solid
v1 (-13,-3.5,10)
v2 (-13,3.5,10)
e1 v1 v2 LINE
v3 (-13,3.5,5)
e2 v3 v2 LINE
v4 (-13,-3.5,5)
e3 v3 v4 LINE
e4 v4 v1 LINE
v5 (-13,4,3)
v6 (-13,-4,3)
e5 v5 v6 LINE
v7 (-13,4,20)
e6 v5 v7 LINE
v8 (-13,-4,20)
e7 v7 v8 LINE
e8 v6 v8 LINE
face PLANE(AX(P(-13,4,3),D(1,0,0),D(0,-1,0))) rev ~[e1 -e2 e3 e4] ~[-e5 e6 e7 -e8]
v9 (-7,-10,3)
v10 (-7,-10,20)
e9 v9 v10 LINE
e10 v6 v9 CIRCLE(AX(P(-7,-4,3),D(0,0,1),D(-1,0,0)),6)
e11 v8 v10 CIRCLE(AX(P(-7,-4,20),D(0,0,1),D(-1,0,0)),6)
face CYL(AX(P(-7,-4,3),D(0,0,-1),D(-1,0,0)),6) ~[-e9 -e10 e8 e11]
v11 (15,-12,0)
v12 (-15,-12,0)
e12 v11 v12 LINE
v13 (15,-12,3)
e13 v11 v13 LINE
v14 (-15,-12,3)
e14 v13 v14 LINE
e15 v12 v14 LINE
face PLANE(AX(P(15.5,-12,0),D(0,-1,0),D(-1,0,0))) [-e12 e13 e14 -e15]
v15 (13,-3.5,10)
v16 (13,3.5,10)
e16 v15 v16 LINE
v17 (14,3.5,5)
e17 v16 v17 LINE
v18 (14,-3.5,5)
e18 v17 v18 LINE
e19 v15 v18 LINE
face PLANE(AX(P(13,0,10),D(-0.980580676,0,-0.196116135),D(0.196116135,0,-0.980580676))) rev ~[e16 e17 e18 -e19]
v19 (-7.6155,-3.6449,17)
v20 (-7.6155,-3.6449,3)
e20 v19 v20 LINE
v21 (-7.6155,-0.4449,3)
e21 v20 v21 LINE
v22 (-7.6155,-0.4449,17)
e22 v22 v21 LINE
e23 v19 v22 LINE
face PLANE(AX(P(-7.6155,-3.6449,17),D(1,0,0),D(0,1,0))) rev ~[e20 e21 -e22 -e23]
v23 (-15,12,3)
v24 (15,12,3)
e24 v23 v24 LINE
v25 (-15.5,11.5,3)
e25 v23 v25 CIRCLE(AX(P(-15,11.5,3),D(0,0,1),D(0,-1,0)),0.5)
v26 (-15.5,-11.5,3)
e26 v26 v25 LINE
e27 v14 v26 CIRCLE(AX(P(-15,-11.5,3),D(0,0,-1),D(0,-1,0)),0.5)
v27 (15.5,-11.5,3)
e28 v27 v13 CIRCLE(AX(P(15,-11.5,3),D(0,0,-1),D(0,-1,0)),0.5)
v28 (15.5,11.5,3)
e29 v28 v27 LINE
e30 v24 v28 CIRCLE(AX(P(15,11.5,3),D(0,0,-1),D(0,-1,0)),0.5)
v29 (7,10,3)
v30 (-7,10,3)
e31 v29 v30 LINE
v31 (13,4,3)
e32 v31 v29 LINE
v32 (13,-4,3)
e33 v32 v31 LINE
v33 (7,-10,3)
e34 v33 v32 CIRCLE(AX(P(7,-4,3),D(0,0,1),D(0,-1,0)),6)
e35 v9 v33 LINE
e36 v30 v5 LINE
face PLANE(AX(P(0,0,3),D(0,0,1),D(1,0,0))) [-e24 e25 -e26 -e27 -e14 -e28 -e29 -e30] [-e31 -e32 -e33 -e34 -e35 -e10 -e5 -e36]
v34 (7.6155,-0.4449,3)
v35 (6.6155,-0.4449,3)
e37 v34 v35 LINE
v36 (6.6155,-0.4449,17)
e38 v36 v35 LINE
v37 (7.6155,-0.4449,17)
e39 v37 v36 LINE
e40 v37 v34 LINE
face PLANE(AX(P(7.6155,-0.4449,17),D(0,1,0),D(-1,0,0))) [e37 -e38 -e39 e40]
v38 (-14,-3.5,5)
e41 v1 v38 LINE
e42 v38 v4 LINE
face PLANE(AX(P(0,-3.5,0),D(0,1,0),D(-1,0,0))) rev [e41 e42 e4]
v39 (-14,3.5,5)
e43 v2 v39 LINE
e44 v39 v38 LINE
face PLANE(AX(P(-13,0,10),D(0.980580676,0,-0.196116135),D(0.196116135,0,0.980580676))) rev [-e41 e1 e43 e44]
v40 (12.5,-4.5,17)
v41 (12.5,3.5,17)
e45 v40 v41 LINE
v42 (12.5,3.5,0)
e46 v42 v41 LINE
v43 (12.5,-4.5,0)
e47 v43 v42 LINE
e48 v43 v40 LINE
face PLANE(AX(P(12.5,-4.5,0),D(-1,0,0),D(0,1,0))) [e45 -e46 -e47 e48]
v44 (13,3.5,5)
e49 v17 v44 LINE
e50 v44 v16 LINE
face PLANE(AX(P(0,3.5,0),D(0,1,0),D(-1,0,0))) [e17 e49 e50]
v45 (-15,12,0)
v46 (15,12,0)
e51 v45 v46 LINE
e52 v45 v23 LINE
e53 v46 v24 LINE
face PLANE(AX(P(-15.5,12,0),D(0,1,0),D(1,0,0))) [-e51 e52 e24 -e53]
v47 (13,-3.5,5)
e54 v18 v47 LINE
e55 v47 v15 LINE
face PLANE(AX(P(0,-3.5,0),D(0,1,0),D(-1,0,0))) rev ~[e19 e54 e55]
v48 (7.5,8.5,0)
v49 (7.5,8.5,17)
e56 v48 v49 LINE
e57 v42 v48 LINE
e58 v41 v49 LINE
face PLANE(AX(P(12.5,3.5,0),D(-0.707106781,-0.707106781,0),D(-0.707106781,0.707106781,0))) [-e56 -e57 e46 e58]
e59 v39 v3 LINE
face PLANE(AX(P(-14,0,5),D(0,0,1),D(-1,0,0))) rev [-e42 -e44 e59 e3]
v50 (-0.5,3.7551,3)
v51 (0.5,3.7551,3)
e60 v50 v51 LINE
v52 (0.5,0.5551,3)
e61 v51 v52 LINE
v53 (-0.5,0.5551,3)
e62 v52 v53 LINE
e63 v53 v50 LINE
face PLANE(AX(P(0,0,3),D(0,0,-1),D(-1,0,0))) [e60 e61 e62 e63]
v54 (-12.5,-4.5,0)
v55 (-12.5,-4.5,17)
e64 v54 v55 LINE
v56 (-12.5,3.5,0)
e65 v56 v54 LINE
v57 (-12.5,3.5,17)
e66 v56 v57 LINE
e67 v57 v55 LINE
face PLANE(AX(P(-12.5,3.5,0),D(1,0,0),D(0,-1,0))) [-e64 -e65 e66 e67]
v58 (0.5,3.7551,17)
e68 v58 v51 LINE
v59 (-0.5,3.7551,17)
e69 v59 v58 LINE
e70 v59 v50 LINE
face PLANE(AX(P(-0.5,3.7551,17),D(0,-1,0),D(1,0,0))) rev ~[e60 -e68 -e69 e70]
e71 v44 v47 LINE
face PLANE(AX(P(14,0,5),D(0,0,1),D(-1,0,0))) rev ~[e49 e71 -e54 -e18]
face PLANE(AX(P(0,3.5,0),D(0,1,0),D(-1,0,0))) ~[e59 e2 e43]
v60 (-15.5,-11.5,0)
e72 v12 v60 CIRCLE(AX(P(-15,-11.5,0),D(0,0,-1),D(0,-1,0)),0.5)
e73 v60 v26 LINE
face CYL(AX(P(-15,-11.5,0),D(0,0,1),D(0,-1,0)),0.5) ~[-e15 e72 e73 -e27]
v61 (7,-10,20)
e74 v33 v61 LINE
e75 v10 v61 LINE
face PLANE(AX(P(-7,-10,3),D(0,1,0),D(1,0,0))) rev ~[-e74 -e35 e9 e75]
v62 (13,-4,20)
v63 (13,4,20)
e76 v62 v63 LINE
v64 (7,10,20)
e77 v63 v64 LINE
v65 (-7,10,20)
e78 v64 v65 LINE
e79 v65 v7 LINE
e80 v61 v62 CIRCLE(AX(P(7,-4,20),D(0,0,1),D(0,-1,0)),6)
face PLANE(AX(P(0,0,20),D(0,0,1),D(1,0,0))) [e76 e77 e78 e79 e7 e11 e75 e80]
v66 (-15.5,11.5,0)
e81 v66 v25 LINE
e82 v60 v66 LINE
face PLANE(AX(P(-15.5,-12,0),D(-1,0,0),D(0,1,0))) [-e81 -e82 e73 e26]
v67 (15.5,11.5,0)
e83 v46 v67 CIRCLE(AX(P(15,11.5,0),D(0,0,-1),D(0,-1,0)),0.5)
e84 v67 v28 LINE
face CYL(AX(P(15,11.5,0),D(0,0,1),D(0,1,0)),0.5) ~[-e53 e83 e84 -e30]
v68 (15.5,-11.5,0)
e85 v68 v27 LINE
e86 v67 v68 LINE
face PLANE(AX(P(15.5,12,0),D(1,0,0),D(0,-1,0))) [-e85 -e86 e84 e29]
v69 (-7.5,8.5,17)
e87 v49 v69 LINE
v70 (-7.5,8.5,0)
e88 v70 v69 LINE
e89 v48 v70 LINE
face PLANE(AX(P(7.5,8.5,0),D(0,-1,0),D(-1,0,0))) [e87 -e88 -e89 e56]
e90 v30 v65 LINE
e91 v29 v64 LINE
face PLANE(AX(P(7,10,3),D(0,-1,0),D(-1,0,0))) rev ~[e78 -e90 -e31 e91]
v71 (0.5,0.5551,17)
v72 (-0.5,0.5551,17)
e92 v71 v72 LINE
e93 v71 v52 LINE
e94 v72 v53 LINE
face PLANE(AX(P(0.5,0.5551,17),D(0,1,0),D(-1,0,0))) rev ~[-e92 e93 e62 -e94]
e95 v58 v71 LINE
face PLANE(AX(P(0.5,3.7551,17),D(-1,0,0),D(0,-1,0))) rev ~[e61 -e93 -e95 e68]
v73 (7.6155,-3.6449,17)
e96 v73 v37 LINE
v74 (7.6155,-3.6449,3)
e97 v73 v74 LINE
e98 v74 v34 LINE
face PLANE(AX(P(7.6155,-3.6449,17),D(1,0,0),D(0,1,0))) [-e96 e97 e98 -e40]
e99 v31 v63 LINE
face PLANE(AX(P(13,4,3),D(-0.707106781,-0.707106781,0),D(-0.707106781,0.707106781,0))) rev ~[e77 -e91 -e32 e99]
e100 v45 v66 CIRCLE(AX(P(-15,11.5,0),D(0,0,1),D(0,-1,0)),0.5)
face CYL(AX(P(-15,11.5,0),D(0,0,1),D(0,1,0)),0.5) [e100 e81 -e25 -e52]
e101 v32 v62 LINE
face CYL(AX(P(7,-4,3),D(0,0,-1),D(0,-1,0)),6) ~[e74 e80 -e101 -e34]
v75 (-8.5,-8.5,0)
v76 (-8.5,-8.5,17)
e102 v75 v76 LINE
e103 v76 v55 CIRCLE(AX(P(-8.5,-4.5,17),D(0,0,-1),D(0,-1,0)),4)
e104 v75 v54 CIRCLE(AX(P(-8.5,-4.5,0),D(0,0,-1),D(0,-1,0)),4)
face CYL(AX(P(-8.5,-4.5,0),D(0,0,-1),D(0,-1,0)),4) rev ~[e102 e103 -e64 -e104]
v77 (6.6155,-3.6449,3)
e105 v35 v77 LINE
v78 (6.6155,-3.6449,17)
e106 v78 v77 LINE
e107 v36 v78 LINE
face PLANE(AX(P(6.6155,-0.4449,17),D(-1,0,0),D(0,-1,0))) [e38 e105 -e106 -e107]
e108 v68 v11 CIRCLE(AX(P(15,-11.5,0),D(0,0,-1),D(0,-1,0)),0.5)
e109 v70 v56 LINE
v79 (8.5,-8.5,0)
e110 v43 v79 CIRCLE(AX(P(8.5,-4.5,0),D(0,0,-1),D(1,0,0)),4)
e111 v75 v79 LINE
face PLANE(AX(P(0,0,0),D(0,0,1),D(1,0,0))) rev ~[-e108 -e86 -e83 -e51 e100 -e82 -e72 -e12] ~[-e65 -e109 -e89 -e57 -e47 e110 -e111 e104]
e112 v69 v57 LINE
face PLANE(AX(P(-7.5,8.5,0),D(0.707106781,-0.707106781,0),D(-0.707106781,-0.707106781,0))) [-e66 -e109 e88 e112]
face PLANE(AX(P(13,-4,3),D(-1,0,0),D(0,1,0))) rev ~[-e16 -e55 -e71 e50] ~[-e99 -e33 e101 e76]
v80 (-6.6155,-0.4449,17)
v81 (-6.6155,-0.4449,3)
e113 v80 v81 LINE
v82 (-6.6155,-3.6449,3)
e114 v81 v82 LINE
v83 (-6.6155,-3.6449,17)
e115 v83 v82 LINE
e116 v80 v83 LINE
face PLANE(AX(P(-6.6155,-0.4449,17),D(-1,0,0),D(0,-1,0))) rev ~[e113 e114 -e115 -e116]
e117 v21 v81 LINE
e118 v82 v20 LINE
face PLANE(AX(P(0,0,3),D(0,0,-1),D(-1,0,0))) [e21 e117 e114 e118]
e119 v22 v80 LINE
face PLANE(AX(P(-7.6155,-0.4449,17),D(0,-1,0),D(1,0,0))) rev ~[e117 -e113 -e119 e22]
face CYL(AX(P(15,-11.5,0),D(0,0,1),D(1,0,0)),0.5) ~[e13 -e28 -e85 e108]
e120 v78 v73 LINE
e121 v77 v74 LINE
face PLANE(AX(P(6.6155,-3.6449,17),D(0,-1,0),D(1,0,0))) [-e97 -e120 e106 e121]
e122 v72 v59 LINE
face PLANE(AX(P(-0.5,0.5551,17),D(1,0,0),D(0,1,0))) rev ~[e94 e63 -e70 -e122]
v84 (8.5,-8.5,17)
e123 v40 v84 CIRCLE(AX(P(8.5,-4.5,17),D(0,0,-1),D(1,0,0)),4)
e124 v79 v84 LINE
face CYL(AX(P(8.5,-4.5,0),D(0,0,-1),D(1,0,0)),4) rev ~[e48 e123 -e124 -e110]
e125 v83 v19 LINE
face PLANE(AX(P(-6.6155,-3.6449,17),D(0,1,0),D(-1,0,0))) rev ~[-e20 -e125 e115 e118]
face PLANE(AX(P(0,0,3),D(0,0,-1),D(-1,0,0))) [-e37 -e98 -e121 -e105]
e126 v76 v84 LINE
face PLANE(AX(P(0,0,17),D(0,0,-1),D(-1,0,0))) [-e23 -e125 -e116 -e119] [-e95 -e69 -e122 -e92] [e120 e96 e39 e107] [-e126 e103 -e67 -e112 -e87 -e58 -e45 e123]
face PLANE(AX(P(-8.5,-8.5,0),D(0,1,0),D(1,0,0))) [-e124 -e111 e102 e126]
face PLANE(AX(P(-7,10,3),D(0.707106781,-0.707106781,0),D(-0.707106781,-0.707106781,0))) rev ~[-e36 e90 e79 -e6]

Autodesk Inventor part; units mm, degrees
ref_plane "YZ Plane" through (0, 0, 0) normal (1, 0, 0) x (0, 1, 0)
ref_plane "XZ Plane" through (0, 0, 0) normal (0, 1, 0) x (-1, 0, 0)
ref_plane "XY Plane" through (0, 0, 0) normal (0, 0, 1) x (1, 0, 0)
sketch "Sketch1" plane through (0, 0, 0) normal (0, 0, 1) x (1, 0, 0)
  line L0 (-15.5, 12) -> (15.5, 12)
  line L1 (15.5, 12) -> (15.5, -12)
  line L2 (15.5, -12) -> (-15.5, -12)
  line L3 (-15.5, -12) -> (-15.5, 12)
  line L4 (-15.5, 12) -> (15.5, -12) construction
  line L5 (15.5, 12) -> (-15.5, -12) construction
  point P0 (0, 0)
  dimension "d0" = 24
  dimension "d1" = 31
extrude "Extrusion1" add sketch "Sketch1" along normal blind 3
fillet "Fillet1" radius 0.5 4 edges at (15.5, 12, 1.5) (15.5, -12, 1.5) (-15.5, -12, 1.5) (-15.5, 12, 1.5)
sketch "Sketch4" plane through (0, 0, 3) normal (0, 0, 1) x (1, 0, 0)
  line L0 (-7, -10) -> (7, -10)
  line L1 (13, -4) -> (13, 4)
  line L2 (7, 10) -> (-7, 10)
  line L3 (-13, 4) -> (-13, -4)
  line L4 (-13, -10) -> (13, 10) construction
  line L5 (13, -10) -> (-13, 10) construction
  arc A0 (-13, -4) -> (-7, -10) centre (-7, -4) ccw
  arc A1 (7, -10) -> (13, -4) centre (7, -4) ccw
  line L6 (-7, 10) -> (-13, 4)
  line L7 (13, 4) -> (7, 10)
  point P0 (0, 0)
  point P1 (0, 0)
  dimension "d13" = 20
  dimension "d14" = 26
  dimension "d41" = 6
  dimension "d42" = 6
  dimension "d43" = 6
  dimension "d44" = 6
  dimension "d45" = 6
extrude "Extrusion4" add sketch "Sketch4" along normal blind 17
sketch "Sketch8" plane through (0, 0, 0) normal (0, 1, 0) x (-1, 0, 0)
  line L0 (-13, 10) -> (-14, 5)
  line L1 (-14, 5) -> (-13, 5)
  line L2 (-15, 3) -> (15, 3) projected
  line L3 (-13, 5) -> (-13, 10)
  line L4 (-13, 3) -> (-13, 20) projected
  point P0 (0, 0)
  dimension "d36" = 2
  dimension "d37" = 1
  dimension "d38" = 5
extrude "Extrusion7" add sketch "Sketch8" along normal mid plane 7
mirror "Mirror1" about plane through (0, 0, 0) normal (1, 0, 0) of "Extrusion7"
sketch "Sketch5" plane through (0, 0, 0) normal (0, 0, -1) x (-1, 0, 0)
  line L0 (-7.5, 8.5) -> (7.5, 8.5)
  line L1 (12.5, 3.5) -> (12.5, -4.5)
  line L2 (8.5, -8.5) -> (-8.5, -8.5)
  line L3 (-12.5, -4.5) -> (-12.5, 3.5)
  line L4 (-12.5, 8.5) -> (12.5, -8.5) construction
  line L5 (12.5, 8.5) -> (-12.5, -8.5) construction
  line L6 (-12.5, 3.5) -> (-7.5, 8.5)
  line L7 (7.5, 8.5) -> (12.5, 3.5)
  arc A0 (-12.5, -4.5) -> (-8.5, -8.5) centre (-8.5, -4.5) ccw
  arc A1 (8.5, -8.5) -> (12.5, -4.5) centre (8.5, -4.5) ccw
  point P0 (0, 0)
  dimension "d18" = 17
  dimension "d19" = 25
  dimension "d20" = 5
  dimension "d21" = 5
  dimension "d22" = 5
  dimension "d23" = 5
  dimension "d24" = 4
extrude "Extrusion5" cut sketch "Sketch5" against normal blind 17
sketch "Sketch7" plane through (0, 0, 17) normal (0, 0, -1) x (-1, 0, 0)
  line L0 (0.5, 3.7551) -> (-0.5, 3.7551)
  line L1 (-0.5, 3.7551) -> (-0.5, 0.5551)
  line L2 (-0.5, 0.5551) -> (0.5, 0.5551)
  line L3 (0.5, 0.5551) -> (0.5, 3.7551)
  line L4 (0.5, 3.7551) -> (-0.5, 0.5551) construction
  line L5 (-0.5, 3.7551) -> (0.5, 0.5551) construction
  line L6 (7.6155, -0.4449) -> (6.6155, -0.4449)
  line L7 (6.6155, -0.4449) -> (6.6155, -3.6449)
  line L8 (6.6155, -3.6449) -> (7.6155, -3.6449)
  line L9 (7.6155, -3.6449) -> (7.6155, -0.4449)
  line L10 (7.6155, -0.4449) -> (6.6155, -3.6449) construction
  line L11 (6.6155, -0.4449) -> (7.6155, -3.6449) construction
  line L12 (0, 0) -> (0, -2.165)
  line L13 (-7.6155, -0.4449) -> (-6.6155, -0.4449)
  line L14 (-6.6155, -0.4449) -> (-6.6155, -3.6449)
  line L15 (-6.6155, -3.6449) -> (-7.6155, -3.6449)
  line L16 (-7.6155, -3.6449) -> (-7.6155, -0.4449)
  line L17 (-7.6155, -0.4449) -> (-6.6155, -3.6449) construction
  line L18 (-6.6155, -0.4449) -> (-7.6155, -3.6449) construction
  point P0 (0, 2.1551)
  point P1 (7.1155, -2.0449)
  point P2 (-7.1155, -2.0449)
  point P3 (-7.1155, -0.4449)
  dimension "d27" = 1
  dimension "d28" = 1
  dimension "d29" = 3.2
  dimension "d30" = 3.2
  dimension "d35" = 1
extrude "Extrusion6" add sketch "Sketch7" along normal blind 14
equation "\"d43\" = d42"
equation "\"d44\" = d42"
equation "\"d45\" = d44"
equation "\"d21\" = d20"
equation "\"d22\" = d20"
equation "\"d23\" = d22"
properties part number "power_socket_24V_2" material "ABS Plastic"
